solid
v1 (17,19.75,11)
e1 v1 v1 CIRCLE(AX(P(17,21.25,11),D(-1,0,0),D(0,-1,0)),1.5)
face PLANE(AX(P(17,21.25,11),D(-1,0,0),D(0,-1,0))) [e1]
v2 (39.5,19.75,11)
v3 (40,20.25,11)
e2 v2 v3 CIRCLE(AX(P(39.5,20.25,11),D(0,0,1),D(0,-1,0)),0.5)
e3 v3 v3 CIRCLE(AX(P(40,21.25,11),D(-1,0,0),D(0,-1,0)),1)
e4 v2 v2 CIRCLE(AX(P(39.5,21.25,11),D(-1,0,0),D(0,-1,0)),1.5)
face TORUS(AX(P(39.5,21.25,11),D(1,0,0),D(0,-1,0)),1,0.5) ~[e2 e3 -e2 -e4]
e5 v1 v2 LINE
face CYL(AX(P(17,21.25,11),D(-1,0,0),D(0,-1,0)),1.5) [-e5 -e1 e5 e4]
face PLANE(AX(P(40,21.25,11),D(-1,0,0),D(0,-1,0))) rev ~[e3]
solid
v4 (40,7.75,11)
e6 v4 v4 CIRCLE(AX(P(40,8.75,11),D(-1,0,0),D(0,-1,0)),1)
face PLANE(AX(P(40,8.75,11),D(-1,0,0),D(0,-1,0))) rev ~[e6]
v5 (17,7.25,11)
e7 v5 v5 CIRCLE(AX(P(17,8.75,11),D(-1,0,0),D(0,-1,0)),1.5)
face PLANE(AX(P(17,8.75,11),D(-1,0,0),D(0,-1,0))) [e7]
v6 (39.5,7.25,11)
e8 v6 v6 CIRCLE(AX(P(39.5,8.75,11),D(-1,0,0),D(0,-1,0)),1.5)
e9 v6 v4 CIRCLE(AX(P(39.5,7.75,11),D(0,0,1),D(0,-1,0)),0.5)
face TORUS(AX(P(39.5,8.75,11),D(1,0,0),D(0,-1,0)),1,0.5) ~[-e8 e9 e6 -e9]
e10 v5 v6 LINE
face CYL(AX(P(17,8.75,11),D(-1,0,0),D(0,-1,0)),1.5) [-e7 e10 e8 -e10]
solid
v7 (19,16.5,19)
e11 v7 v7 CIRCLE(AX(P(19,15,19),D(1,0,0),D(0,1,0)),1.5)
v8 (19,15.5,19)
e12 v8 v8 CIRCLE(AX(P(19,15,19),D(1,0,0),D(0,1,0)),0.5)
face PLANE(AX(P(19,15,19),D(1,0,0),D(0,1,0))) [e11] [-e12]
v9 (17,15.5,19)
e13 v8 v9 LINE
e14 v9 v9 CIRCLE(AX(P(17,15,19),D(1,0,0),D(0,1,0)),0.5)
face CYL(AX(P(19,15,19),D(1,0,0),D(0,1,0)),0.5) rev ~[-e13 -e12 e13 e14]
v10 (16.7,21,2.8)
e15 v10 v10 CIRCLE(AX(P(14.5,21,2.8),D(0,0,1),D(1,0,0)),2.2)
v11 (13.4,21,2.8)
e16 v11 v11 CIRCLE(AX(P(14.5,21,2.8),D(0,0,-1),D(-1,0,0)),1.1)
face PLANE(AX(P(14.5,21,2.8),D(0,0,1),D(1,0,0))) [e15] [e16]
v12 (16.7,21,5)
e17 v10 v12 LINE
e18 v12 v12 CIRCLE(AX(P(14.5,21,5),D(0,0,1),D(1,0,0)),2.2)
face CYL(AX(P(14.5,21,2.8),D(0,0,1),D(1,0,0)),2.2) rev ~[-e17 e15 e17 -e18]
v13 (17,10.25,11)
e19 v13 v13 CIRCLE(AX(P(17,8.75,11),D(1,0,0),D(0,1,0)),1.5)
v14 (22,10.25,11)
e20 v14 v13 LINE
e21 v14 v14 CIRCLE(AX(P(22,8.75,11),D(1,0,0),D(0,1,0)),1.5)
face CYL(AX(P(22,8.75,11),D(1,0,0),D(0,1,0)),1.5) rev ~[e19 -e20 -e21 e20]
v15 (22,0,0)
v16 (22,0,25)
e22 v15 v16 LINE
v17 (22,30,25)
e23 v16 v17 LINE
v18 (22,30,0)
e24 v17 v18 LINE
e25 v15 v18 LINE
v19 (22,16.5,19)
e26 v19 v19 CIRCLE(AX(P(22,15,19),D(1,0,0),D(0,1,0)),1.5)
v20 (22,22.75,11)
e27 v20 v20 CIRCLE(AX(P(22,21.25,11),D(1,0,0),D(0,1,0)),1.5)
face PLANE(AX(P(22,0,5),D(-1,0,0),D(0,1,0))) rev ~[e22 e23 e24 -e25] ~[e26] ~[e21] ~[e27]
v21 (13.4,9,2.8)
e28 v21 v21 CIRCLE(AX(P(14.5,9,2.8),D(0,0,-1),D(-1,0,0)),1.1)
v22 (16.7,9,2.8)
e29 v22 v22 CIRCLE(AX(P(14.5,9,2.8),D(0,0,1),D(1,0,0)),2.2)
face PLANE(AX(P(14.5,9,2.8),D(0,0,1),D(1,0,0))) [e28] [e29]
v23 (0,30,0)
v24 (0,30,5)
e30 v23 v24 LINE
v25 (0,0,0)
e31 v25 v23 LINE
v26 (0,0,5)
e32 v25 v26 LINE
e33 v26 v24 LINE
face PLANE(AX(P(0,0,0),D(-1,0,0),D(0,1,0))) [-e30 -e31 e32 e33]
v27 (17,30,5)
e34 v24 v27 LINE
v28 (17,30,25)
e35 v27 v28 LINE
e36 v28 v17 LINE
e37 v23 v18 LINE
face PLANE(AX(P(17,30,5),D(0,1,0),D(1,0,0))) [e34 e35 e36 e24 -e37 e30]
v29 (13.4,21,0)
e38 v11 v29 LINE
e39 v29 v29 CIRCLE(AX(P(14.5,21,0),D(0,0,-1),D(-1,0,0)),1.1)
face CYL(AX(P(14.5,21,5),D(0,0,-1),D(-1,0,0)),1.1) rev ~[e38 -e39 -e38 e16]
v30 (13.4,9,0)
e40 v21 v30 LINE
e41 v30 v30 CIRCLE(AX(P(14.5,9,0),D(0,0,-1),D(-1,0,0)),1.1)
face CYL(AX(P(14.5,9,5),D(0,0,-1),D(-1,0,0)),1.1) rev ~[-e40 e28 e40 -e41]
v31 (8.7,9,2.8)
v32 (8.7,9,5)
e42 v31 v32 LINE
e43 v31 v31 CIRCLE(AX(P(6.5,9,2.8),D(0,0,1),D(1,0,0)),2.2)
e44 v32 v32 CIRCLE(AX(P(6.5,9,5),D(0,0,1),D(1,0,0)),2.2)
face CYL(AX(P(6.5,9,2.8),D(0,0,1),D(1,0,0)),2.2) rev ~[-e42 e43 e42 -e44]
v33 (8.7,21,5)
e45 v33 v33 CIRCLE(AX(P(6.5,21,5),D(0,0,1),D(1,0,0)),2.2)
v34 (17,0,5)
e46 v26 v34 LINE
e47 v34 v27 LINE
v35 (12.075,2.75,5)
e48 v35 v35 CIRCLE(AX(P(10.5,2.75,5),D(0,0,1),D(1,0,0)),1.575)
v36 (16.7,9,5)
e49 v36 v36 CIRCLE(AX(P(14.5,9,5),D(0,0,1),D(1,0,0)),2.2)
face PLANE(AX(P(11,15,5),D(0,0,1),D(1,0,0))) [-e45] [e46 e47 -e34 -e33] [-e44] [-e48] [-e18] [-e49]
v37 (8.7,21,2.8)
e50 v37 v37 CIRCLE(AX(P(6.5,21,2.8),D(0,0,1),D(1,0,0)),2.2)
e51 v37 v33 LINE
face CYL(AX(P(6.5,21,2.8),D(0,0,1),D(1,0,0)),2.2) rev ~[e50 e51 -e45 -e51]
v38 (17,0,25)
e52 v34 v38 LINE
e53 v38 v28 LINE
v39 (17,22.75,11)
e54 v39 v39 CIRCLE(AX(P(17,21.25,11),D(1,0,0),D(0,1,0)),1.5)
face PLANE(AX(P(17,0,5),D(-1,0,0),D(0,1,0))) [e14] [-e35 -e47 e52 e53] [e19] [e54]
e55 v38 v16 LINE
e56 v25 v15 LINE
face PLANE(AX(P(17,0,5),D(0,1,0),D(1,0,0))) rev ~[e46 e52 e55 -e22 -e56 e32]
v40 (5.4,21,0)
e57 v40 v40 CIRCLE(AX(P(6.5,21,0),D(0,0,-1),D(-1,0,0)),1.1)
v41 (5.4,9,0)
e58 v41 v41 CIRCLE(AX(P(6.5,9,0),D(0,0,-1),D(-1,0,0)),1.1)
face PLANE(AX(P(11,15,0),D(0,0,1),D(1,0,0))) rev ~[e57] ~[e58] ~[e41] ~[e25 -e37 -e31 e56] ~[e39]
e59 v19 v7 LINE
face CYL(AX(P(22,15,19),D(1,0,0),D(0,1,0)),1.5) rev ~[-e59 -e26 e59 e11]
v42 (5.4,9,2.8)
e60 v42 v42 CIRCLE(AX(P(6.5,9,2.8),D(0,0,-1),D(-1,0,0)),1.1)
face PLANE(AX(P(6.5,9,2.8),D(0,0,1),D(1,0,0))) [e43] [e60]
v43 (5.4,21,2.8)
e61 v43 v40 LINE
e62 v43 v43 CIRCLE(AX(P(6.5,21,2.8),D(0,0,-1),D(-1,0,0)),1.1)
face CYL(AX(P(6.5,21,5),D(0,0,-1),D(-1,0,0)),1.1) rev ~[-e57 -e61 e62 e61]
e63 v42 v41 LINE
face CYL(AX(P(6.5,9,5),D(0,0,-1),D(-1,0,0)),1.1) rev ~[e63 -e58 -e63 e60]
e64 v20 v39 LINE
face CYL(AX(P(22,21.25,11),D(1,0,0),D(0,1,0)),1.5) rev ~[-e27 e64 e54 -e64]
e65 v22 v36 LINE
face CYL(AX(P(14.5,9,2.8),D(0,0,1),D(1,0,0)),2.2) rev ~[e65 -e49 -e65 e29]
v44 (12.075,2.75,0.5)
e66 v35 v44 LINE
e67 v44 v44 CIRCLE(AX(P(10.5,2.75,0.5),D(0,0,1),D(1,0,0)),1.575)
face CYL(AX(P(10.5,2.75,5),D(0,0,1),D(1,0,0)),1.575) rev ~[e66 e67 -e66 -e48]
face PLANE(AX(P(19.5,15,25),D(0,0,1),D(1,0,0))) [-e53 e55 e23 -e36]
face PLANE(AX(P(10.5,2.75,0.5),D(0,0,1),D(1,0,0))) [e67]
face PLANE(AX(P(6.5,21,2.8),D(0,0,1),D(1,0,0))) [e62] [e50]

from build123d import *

# Parameters (mm, degrees)
F0_W           = 22
F0_H           = 30
F1_DEPTH       = 5
F2_W           = 5
F2_H           = 30
F3_DEPTH       = 20
F5_D           = 2.2
F5_CBORE_D     = 4.4
F5_CBORE_DEPTH = 2.2
F6_R           = 1.5
F7_DEPTH       = 25
F8_R           = 1.5
F9_DEPTH       = 23
F10_R          = 0.5
F11_R          = 1.575
F12_DEPTH      = 4.5
F13_R          = 1.5
F14_DEPTH      = 3
F15_R          = 0.5
F16_DEPTH      = 25


with BuildPart() as f1:
    # F0 (on Top) → F1 (new body)
    with BuildSketch(Plane.XY):
        with Locations((11, 15)):
            Rectangle(F0_W, F0_H)
    extrude(amount=F1_DEPTH)

    # F2 (on face) → F3 (join)
    with BuildSketch(Plane.XY.offset(5)):
        with Locations((19.5, 15)):
            Rectangle(F2_W, F2_H)
    extrude(amount=F3_DEPTH)

    # F5 (through all)
    with Locations(Plane.XY.offset(5)):
        with Locations((6.5, 9), (6.5, 21), (14.5, 21), (14.5, 9)):
            CounterBoreHole(F5_D / 2, F5_CBORE_D / 2, F5_CBORE_DEPTH)

    # F6 (on face) → F7 (cut)
    with BuildSketch(Plane.YZ.offset(22)):
        with Locations((8.75, 11)):
            Circle(F6_R)
        with Locations((21.25, 11)):
            Circle(F6_R)
    extrude(amount=-F7_DEPTH, mode=Mode.SUBTRACT)

    # F11 (on face) → F12 (cut)
    with BuildSketch(Plane.XY.offset(5)):
        with Locations((10.5, 2.75)):
            Circle(F11_R)
    extrude(amount=-F12_DEPTH, mode=Mode.SUBTRACT)

    # F13 (on face) → F14 (cut)
    with BuildSketch(Plane.YZ.offset(22)):
        with Locations((15, 19)):
            Circle(F13_R)
    extrude(amount=-F14_DEPTH, mode=Mode.SUBTRACT)

    # F15 (on face) → F16 (cut)
    with BuildSketch(Plane.YZ.offset(19)):
        with Locations((15, 19)):
            Circle(F15_R)
    extrude(amount=-F16_DEPTH, mode=Mode.SUBTRACT)


with BuildPart() as f9:
    # F8 (on face) → F9 (new body)
    with BuildSketch(Plane(origin=(17, 0, 0), x_dir=(0, -1, 0), z_dir=(-1, 0, 0))):
        with Locations((-8.75, 11)):
            Circle(F8_R)
        with Locations((-21.25, 11)):
            Circle(F8_R)
    extrude(amount=-F9_DEPTH)

    # F10
    f10_edges = [f9.edges().sort_by_distance(p)[0] for p in [
        (40, 10.25, 11),
        (40, 22.75, 11),
    ]]
    fillet(f10_edges, radius=F10_R)


solid = Compound([f1.part, f9.part])
